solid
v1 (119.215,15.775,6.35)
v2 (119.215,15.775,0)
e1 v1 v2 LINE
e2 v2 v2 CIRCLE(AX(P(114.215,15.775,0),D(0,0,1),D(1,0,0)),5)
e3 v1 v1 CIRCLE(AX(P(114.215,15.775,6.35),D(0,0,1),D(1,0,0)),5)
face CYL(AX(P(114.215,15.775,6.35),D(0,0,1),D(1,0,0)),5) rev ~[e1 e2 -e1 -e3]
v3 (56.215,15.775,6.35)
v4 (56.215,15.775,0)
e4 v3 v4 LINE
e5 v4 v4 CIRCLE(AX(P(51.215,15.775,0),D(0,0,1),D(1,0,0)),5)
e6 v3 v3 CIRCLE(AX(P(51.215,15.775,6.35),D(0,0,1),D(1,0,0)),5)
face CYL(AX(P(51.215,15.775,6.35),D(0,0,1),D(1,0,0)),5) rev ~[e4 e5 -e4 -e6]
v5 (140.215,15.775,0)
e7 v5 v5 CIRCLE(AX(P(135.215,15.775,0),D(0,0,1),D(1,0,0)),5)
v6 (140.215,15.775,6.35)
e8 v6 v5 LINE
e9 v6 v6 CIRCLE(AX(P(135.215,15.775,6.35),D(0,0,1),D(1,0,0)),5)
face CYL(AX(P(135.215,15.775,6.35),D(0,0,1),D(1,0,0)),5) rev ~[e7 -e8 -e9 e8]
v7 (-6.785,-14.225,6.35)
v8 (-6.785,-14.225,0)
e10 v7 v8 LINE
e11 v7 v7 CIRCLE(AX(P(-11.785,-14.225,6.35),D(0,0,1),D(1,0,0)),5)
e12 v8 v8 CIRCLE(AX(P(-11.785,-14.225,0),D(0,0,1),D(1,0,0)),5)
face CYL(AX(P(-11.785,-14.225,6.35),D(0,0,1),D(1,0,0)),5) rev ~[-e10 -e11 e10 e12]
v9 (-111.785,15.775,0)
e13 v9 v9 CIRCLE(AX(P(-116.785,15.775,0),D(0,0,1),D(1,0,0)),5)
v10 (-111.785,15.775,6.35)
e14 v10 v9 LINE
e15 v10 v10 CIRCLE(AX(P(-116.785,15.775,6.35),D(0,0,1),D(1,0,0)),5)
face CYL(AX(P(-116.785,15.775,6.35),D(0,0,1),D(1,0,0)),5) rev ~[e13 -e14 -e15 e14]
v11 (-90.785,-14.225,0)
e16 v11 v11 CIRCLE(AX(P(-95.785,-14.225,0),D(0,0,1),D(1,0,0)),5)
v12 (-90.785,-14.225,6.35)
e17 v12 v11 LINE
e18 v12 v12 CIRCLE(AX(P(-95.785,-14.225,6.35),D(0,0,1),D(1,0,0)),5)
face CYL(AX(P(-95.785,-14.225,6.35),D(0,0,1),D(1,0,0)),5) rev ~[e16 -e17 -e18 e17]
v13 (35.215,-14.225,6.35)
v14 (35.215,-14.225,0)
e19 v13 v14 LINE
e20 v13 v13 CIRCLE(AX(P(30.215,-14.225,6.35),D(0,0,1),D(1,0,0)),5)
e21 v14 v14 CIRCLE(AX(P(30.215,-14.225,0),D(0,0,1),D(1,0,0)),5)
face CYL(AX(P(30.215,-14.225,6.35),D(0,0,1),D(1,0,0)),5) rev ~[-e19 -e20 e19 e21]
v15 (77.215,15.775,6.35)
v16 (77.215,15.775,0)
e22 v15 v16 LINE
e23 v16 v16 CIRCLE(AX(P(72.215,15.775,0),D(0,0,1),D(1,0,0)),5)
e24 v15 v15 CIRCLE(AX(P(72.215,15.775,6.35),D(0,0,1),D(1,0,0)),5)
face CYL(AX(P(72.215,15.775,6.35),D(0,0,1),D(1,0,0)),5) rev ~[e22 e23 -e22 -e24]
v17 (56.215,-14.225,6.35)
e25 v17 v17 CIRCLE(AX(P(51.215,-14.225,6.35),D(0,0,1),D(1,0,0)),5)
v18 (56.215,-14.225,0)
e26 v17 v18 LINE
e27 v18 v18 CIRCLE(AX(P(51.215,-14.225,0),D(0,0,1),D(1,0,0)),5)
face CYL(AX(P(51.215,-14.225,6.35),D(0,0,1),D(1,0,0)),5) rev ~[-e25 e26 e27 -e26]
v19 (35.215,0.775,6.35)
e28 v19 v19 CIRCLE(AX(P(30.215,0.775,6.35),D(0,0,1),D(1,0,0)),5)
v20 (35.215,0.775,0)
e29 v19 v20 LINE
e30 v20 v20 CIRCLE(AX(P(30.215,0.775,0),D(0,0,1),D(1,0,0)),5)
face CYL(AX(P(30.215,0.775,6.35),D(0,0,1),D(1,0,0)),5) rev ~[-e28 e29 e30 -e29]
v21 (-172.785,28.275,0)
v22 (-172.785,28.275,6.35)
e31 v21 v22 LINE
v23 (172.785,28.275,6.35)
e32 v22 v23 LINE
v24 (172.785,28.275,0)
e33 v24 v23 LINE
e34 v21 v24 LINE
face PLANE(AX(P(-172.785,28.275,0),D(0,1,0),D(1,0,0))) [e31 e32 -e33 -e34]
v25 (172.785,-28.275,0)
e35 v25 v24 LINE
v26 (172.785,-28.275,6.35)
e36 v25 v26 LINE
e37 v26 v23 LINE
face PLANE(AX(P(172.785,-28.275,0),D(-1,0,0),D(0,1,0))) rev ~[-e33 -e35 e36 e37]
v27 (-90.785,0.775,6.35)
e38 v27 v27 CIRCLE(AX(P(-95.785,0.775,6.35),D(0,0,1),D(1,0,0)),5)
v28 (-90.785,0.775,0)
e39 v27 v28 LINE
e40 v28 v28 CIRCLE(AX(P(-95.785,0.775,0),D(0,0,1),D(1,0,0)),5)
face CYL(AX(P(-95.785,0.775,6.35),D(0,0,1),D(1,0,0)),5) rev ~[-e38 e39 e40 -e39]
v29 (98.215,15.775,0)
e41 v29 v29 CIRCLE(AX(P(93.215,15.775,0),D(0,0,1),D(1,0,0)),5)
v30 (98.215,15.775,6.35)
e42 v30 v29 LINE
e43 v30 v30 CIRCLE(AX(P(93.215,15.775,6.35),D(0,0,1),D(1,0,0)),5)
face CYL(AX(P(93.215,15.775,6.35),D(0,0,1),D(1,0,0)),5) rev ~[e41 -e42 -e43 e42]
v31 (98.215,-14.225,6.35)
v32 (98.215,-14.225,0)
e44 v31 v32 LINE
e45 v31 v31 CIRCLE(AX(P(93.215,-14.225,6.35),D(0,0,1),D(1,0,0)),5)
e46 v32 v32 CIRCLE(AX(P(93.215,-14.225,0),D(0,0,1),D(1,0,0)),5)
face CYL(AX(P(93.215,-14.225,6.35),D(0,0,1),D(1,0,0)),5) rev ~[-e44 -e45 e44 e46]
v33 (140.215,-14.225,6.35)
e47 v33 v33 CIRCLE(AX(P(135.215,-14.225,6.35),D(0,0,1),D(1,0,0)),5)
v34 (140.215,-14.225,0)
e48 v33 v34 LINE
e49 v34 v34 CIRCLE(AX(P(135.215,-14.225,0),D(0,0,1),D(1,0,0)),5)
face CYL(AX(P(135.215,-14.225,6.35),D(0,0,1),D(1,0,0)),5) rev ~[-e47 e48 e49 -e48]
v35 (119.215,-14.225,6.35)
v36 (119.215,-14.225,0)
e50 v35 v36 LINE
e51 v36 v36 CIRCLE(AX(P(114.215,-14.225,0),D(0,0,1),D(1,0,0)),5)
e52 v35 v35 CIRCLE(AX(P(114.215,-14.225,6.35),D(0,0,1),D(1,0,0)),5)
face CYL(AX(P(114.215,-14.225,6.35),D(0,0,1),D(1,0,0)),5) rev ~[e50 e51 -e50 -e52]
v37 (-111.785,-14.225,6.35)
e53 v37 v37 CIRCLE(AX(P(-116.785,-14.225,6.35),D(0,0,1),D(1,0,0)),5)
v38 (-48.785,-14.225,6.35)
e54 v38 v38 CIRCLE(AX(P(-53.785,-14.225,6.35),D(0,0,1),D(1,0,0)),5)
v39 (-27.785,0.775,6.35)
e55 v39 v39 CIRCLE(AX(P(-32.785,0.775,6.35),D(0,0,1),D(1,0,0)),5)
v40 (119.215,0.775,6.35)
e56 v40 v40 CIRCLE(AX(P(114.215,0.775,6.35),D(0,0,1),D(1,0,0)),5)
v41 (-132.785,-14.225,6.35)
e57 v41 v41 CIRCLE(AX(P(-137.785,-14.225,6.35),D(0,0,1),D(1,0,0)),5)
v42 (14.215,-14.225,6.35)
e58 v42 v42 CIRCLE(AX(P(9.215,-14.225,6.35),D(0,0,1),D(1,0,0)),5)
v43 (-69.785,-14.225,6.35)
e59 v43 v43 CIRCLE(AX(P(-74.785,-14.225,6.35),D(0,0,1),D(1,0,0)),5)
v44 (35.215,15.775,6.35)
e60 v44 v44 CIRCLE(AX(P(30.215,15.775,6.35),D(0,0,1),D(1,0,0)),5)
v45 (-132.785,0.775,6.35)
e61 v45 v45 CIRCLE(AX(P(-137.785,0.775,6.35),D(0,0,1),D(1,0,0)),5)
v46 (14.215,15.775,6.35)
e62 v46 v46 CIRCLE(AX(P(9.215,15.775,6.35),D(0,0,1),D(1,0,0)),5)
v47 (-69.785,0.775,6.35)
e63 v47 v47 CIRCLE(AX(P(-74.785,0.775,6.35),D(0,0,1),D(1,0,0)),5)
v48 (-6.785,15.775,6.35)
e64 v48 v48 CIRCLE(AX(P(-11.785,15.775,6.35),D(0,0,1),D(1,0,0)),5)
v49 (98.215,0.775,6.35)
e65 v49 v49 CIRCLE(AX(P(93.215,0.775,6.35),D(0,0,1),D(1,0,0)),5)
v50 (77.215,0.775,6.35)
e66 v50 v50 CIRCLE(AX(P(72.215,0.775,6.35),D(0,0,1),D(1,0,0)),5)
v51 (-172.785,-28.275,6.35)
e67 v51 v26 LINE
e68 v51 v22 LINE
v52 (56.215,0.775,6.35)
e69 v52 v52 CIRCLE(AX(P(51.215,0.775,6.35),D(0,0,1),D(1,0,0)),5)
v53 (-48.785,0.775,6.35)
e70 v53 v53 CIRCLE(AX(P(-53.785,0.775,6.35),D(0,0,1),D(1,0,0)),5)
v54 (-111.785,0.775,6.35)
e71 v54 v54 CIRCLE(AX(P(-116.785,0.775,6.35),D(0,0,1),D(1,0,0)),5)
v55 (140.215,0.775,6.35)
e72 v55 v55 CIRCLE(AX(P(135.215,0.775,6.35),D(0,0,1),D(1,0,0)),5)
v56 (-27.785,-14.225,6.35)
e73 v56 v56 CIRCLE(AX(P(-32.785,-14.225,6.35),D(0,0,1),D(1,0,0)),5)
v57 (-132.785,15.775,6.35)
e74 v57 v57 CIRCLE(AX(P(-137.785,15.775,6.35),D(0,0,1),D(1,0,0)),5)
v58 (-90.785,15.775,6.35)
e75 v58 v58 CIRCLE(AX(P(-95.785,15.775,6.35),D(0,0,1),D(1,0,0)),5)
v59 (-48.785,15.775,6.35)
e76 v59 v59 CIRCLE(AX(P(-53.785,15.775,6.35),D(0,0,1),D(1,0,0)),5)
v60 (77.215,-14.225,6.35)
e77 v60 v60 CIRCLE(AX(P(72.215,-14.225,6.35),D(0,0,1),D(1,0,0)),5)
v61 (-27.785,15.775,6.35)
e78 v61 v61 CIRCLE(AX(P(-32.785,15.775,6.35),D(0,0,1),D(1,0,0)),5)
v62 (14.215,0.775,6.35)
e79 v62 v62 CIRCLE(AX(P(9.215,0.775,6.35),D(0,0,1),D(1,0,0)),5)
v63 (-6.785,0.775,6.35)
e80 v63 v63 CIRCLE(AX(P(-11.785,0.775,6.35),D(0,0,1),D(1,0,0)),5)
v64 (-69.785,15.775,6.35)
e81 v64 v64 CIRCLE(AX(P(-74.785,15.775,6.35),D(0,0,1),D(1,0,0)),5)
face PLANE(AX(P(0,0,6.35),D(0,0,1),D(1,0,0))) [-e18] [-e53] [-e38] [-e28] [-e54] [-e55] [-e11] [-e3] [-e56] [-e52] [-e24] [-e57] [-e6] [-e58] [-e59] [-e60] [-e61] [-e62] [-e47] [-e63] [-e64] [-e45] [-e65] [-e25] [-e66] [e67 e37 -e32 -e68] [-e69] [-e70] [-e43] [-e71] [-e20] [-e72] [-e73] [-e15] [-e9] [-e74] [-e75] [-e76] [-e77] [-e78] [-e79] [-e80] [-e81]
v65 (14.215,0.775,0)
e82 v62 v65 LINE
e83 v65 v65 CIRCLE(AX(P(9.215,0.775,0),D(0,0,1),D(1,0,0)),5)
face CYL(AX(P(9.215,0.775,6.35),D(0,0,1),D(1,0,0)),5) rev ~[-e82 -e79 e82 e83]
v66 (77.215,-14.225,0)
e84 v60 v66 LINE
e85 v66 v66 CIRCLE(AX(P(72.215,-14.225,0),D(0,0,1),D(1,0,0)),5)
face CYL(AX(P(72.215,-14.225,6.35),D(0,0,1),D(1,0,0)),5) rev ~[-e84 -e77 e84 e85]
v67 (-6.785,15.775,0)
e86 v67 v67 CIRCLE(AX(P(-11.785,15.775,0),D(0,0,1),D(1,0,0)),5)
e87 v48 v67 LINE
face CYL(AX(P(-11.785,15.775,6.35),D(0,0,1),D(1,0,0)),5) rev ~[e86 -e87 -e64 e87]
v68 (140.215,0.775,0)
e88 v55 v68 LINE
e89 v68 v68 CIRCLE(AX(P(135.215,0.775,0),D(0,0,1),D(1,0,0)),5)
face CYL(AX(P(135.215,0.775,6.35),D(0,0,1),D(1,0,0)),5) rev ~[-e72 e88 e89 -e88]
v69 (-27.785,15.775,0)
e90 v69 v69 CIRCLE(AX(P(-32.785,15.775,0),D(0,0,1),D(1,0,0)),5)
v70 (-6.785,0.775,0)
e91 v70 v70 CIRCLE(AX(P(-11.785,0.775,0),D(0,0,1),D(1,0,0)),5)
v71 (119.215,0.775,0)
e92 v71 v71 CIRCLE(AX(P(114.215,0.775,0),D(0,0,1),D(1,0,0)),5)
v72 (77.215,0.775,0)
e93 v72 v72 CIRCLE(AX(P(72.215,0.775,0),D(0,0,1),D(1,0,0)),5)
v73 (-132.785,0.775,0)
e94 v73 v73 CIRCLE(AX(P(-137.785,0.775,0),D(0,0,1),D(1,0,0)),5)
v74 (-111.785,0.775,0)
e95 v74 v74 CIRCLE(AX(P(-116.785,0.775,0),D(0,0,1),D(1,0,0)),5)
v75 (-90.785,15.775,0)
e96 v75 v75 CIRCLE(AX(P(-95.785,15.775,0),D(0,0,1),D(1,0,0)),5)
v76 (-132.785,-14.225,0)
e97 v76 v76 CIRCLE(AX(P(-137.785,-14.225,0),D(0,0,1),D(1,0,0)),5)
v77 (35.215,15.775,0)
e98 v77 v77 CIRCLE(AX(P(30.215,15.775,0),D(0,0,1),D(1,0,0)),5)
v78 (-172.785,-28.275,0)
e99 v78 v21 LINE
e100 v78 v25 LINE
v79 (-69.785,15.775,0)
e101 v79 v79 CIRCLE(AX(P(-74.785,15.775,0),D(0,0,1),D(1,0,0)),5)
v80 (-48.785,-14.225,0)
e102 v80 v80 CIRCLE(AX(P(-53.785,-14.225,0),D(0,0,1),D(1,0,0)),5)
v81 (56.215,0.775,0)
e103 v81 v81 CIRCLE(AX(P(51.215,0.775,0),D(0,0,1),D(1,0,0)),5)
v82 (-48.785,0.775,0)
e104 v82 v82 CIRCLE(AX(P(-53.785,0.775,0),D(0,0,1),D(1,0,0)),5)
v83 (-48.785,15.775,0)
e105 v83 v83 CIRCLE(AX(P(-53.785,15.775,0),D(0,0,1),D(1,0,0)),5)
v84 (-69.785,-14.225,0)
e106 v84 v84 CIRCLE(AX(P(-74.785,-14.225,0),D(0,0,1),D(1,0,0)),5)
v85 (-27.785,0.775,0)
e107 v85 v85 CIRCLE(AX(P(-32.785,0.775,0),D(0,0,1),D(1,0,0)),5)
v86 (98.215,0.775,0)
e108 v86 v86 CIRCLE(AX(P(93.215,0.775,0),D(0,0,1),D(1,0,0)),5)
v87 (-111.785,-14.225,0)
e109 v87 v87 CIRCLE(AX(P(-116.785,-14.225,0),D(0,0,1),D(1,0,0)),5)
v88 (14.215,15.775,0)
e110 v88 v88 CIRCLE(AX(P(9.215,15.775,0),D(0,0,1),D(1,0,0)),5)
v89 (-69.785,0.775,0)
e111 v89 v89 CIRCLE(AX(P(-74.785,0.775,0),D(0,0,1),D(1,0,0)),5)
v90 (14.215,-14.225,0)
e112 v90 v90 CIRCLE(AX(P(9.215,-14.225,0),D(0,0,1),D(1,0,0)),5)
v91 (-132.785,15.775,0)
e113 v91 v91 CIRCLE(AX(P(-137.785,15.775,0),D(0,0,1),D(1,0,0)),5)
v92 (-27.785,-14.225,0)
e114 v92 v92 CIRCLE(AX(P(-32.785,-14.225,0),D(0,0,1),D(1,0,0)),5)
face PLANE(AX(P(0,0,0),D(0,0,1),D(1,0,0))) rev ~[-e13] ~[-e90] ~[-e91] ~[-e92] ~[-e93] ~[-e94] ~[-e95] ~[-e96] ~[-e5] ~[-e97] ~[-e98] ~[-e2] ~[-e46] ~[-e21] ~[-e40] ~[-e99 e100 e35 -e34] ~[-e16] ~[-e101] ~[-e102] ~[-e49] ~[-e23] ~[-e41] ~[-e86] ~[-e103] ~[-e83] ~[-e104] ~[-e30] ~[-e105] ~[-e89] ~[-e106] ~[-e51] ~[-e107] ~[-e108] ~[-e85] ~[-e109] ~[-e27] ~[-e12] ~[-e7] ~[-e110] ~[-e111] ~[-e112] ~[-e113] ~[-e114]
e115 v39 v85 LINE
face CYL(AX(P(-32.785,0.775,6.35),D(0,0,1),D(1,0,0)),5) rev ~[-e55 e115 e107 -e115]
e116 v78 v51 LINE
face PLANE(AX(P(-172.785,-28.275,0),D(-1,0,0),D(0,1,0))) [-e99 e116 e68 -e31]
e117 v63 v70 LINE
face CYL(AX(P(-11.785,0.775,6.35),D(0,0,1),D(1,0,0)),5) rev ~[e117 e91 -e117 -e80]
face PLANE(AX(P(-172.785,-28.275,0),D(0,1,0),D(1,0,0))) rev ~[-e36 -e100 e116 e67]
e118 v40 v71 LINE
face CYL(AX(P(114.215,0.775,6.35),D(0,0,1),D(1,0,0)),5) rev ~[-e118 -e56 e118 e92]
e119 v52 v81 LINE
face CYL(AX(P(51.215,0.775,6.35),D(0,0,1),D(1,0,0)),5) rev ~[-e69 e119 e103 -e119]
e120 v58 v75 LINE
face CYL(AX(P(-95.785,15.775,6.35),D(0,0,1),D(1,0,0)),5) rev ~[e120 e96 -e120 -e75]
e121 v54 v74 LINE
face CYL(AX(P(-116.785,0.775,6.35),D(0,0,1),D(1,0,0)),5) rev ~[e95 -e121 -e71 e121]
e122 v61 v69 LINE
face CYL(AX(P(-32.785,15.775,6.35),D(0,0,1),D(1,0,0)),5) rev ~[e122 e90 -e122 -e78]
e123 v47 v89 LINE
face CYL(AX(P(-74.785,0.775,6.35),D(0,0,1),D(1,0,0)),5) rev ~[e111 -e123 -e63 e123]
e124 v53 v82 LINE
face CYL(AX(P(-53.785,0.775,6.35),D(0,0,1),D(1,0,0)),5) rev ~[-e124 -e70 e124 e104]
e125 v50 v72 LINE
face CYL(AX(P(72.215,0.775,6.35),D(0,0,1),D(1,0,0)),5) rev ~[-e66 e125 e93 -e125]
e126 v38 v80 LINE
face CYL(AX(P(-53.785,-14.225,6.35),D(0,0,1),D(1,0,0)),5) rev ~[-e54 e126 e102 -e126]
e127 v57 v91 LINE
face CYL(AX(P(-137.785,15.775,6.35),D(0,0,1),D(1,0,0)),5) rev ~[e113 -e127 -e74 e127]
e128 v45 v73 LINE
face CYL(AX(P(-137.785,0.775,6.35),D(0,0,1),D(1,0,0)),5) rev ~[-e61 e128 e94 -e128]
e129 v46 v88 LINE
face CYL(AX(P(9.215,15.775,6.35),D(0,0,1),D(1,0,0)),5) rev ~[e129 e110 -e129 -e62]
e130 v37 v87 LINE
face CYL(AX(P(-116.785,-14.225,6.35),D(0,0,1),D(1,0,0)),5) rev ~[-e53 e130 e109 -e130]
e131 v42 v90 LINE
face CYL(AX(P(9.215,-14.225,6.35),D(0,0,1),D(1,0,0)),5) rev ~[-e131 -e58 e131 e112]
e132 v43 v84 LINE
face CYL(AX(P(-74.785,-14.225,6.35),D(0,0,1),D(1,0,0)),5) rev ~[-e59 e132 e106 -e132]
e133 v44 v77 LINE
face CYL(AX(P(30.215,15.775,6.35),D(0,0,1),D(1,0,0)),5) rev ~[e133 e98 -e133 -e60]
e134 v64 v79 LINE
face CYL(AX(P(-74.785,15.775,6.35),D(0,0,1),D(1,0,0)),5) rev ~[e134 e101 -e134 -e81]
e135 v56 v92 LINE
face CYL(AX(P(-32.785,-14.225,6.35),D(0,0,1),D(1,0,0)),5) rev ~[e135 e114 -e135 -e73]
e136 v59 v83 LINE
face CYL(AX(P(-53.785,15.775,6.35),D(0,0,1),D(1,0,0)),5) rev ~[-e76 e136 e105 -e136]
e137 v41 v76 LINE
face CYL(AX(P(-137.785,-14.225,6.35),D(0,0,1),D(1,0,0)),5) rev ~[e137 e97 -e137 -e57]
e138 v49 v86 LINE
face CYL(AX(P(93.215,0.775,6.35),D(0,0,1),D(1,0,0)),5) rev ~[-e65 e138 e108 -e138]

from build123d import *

# Parameters (mm, degrees)
SKETCH1_W            = 345.57
SKETCH1_H            = 56.55
BOSS_EXTRUDE1_DEPTH  = 6.35
SKETCH2_R            = 5
CUT_EXTRUDE1_DEPTH   = 10
LPATTERN1_COUNT      = 14
LPATTERN1_PITCH      = 21
LPATTERN1_COUNT_DIR2 = 3
LPATTERN1_PITCH_DIR2 = 15


with BuildPart() as part:
    # Sketch1 → Boss-Extrude1 (new body)
    with BuildSketch(Plane.XY):
        Rectangle(SKETCH1_W, SKETCH1_H)
    extrude(amount=BOSS_EXTRUDE1_DEPTH)

    # Sketch2 → Cut-Extrude1 (cut)
    with BuildSketch(Plane.XY.offset(6.35)):
        with Locations((-137.785, 15.775)):
            Circle(SKETCH2_R)
    cut_extrude1 = extrude(amount=-CUT_EXTRUDE1_DEPTH, mode=Mode.SUBTRACT)

    # LPattern1: Cut-Extrude1 14 × 3
    with Locations(*[(i * LPATTERN1_PITCH, -j * LPATTERN1_PITCH_DIR2, 0) for i in range(LPATTERN1_COUNT) for j in range(LPATTERN1_COUNT_DIR2) if (i, j) != (0, 0)]):
        add(cut_extrude1, mode=Mode.SUBTRACT)


solid = part.part
